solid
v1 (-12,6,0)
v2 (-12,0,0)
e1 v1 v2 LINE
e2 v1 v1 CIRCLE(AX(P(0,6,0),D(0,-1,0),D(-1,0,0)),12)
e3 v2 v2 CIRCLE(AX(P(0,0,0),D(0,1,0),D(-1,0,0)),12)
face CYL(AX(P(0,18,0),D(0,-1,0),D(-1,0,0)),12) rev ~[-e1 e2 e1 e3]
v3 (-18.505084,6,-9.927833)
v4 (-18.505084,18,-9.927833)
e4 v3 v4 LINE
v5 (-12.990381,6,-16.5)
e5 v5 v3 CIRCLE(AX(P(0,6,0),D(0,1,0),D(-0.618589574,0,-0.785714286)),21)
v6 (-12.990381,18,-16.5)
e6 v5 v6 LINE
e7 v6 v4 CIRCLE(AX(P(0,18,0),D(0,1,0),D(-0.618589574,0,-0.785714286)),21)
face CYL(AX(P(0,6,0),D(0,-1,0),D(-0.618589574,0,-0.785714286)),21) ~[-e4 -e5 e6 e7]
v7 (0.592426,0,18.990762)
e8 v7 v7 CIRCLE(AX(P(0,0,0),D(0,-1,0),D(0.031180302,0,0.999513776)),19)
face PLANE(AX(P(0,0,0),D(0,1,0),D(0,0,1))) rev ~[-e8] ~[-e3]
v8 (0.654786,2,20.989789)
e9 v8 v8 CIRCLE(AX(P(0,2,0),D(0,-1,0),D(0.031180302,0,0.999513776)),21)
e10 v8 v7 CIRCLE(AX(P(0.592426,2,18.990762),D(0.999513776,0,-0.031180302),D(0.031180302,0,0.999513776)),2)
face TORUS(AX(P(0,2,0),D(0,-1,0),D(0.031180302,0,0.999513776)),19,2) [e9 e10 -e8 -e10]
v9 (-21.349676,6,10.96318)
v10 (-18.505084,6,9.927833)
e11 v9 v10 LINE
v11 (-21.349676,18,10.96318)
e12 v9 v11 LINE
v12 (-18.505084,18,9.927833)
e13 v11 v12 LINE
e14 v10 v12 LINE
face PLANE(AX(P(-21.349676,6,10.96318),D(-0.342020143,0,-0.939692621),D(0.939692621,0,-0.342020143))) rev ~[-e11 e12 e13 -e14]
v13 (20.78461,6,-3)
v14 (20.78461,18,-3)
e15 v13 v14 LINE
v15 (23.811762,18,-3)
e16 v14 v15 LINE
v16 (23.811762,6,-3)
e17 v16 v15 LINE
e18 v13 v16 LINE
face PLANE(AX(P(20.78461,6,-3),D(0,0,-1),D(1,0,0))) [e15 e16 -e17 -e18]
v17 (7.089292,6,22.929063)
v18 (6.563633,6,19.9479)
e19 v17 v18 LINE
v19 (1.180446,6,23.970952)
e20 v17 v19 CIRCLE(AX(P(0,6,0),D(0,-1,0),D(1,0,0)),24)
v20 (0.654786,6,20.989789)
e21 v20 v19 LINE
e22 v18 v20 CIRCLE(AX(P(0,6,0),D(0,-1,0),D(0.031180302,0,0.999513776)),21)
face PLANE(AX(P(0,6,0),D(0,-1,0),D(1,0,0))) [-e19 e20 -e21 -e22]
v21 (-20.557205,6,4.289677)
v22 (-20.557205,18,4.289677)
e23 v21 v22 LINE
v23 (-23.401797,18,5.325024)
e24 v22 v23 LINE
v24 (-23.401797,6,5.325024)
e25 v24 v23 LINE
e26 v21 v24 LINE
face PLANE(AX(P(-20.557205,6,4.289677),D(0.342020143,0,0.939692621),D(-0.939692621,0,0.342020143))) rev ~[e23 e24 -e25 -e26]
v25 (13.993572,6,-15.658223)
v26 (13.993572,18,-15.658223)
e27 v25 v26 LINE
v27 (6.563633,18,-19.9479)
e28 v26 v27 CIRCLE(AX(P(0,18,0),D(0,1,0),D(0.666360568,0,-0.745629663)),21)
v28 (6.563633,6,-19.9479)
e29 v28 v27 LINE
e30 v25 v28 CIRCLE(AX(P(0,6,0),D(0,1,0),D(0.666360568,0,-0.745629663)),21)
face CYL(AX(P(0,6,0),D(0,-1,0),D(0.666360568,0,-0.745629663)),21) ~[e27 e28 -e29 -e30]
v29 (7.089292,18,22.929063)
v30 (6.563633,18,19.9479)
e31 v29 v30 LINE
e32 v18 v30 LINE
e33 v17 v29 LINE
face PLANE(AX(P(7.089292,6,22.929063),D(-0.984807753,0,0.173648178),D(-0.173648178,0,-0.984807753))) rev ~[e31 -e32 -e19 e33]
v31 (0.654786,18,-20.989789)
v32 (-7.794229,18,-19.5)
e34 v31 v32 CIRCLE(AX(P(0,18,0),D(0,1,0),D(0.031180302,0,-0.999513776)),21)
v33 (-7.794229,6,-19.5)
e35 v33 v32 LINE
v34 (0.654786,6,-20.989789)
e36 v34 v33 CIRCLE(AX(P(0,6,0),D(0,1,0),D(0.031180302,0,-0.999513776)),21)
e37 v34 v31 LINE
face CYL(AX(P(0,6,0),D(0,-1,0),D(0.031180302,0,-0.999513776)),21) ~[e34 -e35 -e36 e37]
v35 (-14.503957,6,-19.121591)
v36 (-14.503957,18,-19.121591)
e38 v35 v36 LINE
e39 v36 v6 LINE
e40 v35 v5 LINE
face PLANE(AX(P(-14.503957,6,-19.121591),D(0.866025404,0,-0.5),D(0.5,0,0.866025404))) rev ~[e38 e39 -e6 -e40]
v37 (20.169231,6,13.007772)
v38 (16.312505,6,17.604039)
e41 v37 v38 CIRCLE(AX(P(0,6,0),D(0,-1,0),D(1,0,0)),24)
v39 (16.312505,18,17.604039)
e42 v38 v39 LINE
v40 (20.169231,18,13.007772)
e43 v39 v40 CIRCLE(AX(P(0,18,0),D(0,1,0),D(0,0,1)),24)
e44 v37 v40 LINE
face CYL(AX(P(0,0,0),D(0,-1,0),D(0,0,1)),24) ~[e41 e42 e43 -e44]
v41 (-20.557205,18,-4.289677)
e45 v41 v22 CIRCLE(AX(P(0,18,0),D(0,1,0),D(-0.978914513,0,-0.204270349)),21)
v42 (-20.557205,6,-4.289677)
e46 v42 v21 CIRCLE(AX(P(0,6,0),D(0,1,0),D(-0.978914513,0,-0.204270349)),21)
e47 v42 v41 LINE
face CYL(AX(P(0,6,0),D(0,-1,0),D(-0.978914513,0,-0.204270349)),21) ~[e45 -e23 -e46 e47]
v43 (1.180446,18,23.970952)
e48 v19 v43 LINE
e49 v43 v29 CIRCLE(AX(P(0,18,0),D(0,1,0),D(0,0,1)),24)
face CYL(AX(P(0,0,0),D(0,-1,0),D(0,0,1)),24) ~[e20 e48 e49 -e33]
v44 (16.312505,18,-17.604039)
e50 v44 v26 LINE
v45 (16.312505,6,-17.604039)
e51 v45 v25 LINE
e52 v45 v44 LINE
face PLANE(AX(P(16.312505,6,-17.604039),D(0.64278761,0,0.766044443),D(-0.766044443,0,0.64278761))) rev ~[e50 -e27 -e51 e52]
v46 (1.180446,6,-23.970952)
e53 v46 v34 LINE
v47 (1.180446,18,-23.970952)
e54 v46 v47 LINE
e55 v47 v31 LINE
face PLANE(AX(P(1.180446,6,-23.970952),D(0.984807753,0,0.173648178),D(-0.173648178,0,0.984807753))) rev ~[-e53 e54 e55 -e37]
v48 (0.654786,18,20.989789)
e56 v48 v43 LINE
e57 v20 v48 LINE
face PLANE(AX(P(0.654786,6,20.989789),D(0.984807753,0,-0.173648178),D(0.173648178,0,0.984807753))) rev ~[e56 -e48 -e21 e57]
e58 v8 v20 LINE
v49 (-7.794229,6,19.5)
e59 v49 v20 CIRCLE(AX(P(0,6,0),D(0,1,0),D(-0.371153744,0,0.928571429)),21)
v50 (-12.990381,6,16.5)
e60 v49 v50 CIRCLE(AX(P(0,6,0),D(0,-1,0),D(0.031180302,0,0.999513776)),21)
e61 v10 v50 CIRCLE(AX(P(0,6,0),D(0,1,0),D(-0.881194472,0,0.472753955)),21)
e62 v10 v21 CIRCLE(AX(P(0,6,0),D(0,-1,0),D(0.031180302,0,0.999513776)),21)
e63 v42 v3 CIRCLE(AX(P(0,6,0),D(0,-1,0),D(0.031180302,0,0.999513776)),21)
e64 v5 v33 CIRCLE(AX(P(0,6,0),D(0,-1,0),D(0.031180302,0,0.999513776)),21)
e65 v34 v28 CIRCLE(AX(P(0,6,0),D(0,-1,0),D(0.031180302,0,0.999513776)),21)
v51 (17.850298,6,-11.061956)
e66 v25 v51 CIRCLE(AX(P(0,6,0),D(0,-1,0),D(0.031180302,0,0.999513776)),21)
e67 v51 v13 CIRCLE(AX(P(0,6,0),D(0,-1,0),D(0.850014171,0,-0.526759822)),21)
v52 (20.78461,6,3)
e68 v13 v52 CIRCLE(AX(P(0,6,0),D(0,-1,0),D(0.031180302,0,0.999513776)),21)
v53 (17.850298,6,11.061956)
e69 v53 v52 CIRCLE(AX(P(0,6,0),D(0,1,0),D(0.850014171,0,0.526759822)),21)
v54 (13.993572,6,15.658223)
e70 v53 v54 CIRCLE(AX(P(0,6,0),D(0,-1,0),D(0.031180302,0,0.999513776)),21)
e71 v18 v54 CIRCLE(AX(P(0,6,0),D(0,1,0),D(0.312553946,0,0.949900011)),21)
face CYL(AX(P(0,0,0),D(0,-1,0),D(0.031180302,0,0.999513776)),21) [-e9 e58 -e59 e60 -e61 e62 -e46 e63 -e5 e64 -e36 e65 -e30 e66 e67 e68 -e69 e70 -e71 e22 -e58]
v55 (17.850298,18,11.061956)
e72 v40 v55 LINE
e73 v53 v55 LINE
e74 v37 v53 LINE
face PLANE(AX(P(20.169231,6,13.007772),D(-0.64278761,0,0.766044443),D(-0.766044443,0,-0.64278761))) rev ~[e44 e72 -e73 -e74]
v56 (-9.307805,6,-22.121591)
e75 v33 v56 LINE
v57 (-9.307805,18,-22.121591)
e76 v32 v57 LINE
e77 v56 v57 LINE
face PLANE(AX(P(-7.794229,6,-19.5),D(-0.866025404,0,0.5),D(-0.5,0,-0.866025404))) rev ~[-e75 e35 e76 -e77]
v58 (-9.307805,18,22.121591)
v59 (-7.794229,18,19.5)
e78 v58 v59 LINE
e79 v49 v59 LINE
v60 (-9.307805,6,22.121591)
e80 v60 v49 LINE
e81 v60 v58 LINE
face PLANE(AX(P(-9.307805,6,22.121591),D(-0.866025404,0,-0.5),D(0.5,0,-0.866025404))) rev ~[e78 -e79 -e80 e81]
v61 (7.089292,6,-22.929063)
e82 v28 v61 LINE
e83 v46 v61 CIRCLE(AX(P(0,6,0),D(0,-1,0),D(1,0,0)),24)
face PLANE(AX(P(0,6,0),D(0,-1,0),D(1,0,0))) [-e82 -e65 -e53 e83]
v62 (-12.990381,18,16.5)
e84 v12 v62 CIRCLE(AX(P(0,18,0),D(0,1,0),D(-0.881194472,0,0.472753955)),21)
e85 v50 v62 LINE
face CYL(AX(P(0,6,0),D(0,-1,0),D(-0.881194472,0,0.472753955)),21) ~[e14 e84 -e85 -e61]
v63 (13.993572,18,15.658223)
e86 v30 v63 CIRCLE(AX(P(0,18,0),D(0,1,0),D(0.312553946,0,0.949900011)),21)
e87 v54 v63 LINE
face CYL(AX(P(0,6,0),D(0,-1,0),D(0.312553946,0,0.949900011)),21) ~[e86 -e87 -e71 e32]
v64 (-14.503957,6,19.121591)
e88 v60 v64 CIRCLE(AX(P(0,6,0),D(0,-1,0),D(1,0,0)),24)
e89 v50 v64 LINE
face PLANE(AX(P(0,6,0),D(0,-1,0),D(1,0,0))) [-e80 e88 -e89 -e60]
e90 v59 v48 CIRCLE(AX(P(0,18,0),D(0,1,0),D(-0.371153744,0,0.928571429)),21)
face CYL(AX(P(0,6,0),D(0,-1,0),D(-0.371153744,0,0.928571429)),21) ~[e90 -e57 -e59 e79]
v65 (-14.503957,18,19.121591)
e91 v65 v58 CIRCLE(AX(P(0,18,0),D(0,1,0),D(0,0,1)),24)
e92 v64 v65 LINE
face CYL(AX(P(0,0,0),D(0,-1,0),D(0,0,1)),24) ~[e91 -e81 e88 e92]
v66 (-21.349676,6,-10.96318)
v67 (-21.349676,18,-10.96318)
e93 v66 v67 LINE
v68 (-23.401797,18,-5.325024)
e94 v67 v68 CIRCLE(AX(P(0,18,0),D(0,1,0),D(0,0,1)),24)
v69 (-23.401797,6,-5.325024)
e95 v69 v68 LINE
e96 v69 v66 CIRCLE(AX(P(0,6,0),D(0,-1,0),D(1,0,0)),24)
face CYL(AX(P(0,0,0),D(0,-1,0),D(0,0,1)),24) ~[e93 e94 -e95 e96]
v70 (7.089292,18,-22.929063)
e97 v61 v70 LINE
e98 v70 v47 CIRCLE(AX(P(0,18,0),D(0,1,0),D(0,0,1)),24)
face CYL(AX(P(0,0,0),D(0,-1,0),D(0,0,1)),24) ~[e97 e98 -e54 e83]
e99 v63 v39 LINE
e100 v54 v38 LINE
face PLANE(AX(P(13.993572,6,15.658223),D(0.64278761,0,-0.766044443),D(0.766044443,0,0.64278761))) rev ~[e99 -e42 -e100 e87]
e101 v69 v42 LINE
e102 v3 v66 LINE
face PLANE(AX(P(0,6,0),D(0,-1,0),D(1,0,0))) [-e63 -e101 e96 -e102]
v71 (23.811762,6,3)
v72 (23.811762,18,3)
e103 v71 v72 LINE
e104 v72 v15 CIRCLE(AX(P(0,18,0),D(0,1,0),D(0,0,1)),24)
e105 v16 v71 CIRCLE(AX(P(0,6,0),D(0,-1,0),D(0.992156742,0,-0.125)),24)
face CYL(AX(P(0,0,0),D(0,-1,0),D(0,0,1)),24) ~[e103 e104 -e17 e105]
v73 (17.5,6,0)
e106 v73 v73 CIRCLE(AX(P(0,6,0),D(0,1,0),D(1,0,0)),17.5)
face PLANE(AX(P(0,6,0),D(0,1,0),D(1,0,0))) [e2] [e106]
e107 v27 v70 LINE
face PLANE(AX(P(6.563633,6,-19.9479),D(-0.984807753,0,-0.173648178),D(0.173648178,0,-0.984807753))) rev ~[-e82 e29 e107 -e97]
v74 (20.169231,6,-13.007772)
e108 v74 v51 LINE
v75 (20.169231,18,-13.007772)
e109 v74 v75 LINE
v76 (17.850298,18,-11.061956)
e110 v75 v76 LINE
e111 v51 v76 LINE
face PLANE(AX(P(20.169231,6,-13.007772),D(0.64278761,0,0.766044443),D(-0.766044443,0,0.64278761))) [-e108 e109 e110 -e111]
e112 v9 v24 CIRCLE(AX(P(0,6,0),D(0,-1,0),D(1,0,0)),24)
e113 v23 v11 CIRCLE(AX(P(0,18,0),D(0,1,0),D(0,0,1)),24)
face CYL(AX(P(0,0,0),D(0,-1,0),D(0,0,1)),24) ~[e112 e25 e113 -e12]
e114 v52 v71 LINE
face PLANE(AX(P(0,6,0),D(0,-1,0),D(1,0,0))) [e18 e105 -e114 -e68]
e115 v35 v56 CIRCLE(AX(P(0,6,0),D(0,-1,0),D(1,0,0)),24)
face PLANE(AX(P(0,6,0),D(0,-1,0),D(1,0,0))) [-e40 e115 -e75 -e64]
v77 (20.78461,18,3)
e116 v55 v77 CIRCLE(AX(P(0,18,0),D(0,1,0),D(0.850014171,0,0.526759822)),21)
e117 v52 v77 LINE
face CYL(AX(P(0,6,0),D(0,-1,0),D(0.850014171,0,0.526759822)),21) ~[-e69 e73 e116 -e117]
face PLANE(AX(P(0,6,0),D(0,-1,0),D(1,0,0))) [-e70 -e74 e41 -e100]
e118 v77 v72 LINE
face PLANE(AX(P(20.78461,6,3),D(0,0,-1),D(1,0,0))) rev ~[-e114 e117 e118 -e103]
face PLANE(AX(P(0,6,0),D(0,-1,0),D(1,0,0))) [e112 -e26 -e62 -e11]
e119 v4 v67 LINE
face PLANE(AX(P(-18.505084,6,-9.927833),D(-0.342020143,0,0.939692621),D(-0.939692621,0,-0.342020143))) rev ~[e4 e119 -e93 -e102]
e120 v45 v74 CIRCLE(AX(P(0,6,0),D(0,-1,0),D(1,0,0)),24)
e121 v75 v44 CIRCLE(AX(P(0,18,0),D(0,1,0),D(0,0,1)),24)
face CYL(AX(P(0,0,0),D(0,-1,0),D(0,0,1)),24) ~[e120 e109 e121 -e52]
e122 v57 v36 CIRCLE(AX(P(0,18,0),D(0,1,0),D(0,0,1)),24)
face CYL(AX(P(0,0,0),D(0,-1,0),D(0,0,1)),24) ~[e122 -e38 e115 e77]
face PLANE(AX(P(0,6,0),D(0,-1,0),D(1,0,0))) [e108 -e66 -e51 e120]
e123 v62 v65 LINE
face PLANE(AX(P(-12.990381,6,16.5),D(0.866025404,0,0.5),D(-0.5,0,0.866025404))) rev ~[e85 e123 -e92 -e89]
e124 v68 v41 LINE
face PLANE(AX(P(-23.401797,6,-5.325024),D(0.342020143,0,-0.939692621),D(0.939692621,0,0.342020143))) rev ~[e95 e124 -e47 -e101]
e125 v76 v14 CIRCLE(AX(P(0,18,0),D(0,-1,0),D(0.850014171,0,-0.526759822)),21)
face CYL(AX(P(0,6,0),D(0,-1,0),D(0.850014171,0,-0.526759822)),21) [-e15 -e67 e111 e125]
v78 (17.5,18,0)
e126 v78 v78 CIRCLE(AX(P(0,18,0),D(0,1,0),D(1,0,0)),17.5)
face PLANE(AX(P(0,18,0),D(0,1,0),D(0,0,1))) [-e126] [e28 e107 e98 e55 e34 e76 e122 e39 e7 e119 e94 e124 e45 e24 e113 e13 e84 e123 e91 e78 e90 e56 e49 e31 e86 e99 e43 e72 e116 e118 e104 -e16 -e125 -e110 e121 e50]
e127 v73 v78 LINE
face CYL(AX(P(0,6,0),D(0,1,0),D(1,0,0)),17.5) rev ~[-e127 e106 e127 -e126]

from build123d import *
from build123d.topology import SkipClean

# Parameters (mm, degrees)
SKETCH1_R           = 24
BOSS_EXTRUDE1_DEPTH = 18
HOLE2_D             = 24
HOLE2_DEPTH         = 18
HOLE2_CBORE_D       = 35
HOLE2_CBORE_DEPTH   = 12
HOLE2_TIP           = 7.210327428
CUT_EXTRUDE1_START  = -12
CUT_EXTRUDE1_DEPTH  = 12
SKETCH7_R           = 24
SKETCH7_R_2         = 21
CUT_EXTRUDE2_DEPTH  = 6
FILLET1_R           = 2


with BuildPart() as part:
    # Sketch1 → Boss-Extrude1 (new body)
    with BuildSketch(Plane(origin=(0, 0, 0), x_dir=(1, 0, 0), z_dir=(0, 1, 0))):
        with Locations(Location((0, 0, 0), (0, 0, 270))):
            Circle(SKETCH1_R)
    extrude(amount=BOSS_EXTRUDE1_DEPTH)

    # Hole2
    with Locations(Plane(origin=(0, 18, 0), x_dir=(1, 0, 0), z_dir=(0, 1, 0))):
        with Locations((0, 0)):
            CounterBoreHole(HOLE2_D / 2, HOLE2_CBORE_D / 2, HOLE2_CBORE_DEPTH, depth=HOLE2_DEPTH)
            with Locations((0, 0, -(HOLE2_DEPTH + HOLE2_TIP / 2))):  # 118° drill point
                Cone(0, HOLE2_D / 2, HOLE2_TIP, mode=Mode.SUBTRACT)

    # Sketch6 → Cut-Extrude1 (cut)
    with BuildSketch(Plane(origin=(0, 18, 0), x_dir=(1, 0, 0), z_dir=(0, 1, 0)).offset(CUT_EXTRUDE1_START)):
        with BuildLine():
            Line((20.784609691, 3), (23.8117618, 3))
            ThreePointArc((23.8117618, 3), (22.552622899, 8.20848344), (20.169230637, 13.00777212))
            Line((20.169230637, 13.00777212), (17.850297585, 11.061956252))
            ThreePointArc((17.850297585, 11.061956252), (19.733545037, 7.18242301), (20.784609691, 3))
        make_face()
        with BuildLine():
            Line((20.784609691, -3), (23.8117618, -3))
            ThreePointArc((23.8117618, -3), (22.552622899, -8.20848344), (20.169230637, -13.00777212))
            Line((20.169230637, -13.00777212), (17.850297585, -11.061956252))
            ThreePointArc((17.850297585, -11.061956252), (19.733545037, -7.18242301), (20.784609691, -3))
        make_face()
        with BuildLine():
            Line((13.993571927, -15.658222911), (16.312504978, -17.604038779))
            ThreePointArc((16.312504978, -17.604038779), (12, -20.784609691), (7.089292303, -22.9290631))
            Line((7.089292303, -22.9290631), (6.563632855, -19.947900234))
            ThreePointArc((6.563632855, -19.947900234), (10.5, -18.186533479), (13.993571927, -15.658222911))
        make_face()
        with BuildLine():
            Line((0.654786337, -20.9897893), (1.180445784, -23.970952166))
            ThreePointArc((1.180445784, -23.970952166), (-4.167556264, -23.635386072), (-9.307804688, -22.121590627))
            Line((-9.307804688, -22.121590627), (-7.794228634, -19.5))
            ThreePointArc((-7.794228634, -19.5), (-3.646611731, -20.680962813), (0.654786337, -20.9897893))
        make_face()
        with BuildLine():
            Line((-12.990381057, -16.5), (-14.503957111, -19.121590627))
            ThreePointArc((-14.503957111, -19.121590627), (-18.385066635, -15.426902632), (-21.349676421, -10.963180046))
            Line((-21.349676421, -10.963180046), (-18.505083922, -9.927833048))
            ThreePointArc((-18.505083922, -9.927833048), (-16.086933305, -13.498539803), (-12.990381057, -16.5))
        make_face()
        with BuildLine():
            Line((-20.557204782, -4.289677323), (-23.401797281, -5.325024321))
            ThreePointArc((-23.401797281, -5.325024321), (-24, 0), (-23.401797281, 5.325024321))
            Line((-23.401797281, 5.325024321), (-20.557204782, 4.289677323))
            ThreePointArc((-20.557204782, 4.289677323), (-21, 0), (-20.557204782, -4.289677323))
        make_face()
        with BuildLine():
            Line((-18.505083922, 9.927833048), (-21.349676421, 10.963180046))
            ThreePointArc((-21.349676421, 10.963180046), (-18.385066635, 15.426902632), (-14.503957111, 19.121590627))
            Line((-14.503957111, 19.121590627), (-12.990381057, 16.5))
            ThreePointArc((-12.990381057, 16.5), (-16.086933305, 13.498539803), (-18.505083922, 9.927833048))
        make_face()
        with BuildLine():
            Line((-7.794228634, 19.5), (-9.307804688, 22.121590627))
            ThreePointArc((-9.307804688, 22.121590627), (-4.167556264, 23.635386072), (1.180445784, 23.970952166))
            Line((1.180445784, 23.970952166), (0.654786337, 20.9897893))
            ThreePointArc((0.654786337, 20.9897893), (-3.646611731, 20.680962813), (-7.794228634, 19.5))
        make_face()
        with BuildLine():
            Line((6.563632855, 19.947900234), (7.089292303, 22.9290631))
            ThreePointArc((7.089292303, 22.9290631), (12, 20.784609691), (16.312504978, 17.604038779))
            Line((16.312504978, 17.604038779), (13.993571927, 15.658222911))
            ThreePointArc((13.993571927, 15.658222911), (10.5, 18.186533479), (6.563632855, 19.947900234))
        make_face()
    extrude(amount=CUT_EXTRUDE1_DEPTH, mode=Mode.SUBTRACT)

    # Sketch7 → Cut-Extrude2 (cut)
    with SkipClean():  # the faces are left unmerged after this step: merging them gives an invalid solid
        with BuildSketch(Plane.XZ):
            Circle(SKETCH7_R)
            with Locations(Location((0, 0, 0), (0, 0, 88.213210702))):
                Circle(SKETCH7_R_2, mode=Mode.SUBTRACT)
        extrude(amount=-CUT_EXTRUDE2_DEPTH, mode=Mode.SUBTRACT)

    # Fillet1
    fillet1_edges = [part.edges().sort_by_distance(p)[0] for p in [
        (-0.654786337, 0, -20.9897893),
    ]]
    fillet(fillet1_edges, radius=FILLET1_R)


solid = part.part
